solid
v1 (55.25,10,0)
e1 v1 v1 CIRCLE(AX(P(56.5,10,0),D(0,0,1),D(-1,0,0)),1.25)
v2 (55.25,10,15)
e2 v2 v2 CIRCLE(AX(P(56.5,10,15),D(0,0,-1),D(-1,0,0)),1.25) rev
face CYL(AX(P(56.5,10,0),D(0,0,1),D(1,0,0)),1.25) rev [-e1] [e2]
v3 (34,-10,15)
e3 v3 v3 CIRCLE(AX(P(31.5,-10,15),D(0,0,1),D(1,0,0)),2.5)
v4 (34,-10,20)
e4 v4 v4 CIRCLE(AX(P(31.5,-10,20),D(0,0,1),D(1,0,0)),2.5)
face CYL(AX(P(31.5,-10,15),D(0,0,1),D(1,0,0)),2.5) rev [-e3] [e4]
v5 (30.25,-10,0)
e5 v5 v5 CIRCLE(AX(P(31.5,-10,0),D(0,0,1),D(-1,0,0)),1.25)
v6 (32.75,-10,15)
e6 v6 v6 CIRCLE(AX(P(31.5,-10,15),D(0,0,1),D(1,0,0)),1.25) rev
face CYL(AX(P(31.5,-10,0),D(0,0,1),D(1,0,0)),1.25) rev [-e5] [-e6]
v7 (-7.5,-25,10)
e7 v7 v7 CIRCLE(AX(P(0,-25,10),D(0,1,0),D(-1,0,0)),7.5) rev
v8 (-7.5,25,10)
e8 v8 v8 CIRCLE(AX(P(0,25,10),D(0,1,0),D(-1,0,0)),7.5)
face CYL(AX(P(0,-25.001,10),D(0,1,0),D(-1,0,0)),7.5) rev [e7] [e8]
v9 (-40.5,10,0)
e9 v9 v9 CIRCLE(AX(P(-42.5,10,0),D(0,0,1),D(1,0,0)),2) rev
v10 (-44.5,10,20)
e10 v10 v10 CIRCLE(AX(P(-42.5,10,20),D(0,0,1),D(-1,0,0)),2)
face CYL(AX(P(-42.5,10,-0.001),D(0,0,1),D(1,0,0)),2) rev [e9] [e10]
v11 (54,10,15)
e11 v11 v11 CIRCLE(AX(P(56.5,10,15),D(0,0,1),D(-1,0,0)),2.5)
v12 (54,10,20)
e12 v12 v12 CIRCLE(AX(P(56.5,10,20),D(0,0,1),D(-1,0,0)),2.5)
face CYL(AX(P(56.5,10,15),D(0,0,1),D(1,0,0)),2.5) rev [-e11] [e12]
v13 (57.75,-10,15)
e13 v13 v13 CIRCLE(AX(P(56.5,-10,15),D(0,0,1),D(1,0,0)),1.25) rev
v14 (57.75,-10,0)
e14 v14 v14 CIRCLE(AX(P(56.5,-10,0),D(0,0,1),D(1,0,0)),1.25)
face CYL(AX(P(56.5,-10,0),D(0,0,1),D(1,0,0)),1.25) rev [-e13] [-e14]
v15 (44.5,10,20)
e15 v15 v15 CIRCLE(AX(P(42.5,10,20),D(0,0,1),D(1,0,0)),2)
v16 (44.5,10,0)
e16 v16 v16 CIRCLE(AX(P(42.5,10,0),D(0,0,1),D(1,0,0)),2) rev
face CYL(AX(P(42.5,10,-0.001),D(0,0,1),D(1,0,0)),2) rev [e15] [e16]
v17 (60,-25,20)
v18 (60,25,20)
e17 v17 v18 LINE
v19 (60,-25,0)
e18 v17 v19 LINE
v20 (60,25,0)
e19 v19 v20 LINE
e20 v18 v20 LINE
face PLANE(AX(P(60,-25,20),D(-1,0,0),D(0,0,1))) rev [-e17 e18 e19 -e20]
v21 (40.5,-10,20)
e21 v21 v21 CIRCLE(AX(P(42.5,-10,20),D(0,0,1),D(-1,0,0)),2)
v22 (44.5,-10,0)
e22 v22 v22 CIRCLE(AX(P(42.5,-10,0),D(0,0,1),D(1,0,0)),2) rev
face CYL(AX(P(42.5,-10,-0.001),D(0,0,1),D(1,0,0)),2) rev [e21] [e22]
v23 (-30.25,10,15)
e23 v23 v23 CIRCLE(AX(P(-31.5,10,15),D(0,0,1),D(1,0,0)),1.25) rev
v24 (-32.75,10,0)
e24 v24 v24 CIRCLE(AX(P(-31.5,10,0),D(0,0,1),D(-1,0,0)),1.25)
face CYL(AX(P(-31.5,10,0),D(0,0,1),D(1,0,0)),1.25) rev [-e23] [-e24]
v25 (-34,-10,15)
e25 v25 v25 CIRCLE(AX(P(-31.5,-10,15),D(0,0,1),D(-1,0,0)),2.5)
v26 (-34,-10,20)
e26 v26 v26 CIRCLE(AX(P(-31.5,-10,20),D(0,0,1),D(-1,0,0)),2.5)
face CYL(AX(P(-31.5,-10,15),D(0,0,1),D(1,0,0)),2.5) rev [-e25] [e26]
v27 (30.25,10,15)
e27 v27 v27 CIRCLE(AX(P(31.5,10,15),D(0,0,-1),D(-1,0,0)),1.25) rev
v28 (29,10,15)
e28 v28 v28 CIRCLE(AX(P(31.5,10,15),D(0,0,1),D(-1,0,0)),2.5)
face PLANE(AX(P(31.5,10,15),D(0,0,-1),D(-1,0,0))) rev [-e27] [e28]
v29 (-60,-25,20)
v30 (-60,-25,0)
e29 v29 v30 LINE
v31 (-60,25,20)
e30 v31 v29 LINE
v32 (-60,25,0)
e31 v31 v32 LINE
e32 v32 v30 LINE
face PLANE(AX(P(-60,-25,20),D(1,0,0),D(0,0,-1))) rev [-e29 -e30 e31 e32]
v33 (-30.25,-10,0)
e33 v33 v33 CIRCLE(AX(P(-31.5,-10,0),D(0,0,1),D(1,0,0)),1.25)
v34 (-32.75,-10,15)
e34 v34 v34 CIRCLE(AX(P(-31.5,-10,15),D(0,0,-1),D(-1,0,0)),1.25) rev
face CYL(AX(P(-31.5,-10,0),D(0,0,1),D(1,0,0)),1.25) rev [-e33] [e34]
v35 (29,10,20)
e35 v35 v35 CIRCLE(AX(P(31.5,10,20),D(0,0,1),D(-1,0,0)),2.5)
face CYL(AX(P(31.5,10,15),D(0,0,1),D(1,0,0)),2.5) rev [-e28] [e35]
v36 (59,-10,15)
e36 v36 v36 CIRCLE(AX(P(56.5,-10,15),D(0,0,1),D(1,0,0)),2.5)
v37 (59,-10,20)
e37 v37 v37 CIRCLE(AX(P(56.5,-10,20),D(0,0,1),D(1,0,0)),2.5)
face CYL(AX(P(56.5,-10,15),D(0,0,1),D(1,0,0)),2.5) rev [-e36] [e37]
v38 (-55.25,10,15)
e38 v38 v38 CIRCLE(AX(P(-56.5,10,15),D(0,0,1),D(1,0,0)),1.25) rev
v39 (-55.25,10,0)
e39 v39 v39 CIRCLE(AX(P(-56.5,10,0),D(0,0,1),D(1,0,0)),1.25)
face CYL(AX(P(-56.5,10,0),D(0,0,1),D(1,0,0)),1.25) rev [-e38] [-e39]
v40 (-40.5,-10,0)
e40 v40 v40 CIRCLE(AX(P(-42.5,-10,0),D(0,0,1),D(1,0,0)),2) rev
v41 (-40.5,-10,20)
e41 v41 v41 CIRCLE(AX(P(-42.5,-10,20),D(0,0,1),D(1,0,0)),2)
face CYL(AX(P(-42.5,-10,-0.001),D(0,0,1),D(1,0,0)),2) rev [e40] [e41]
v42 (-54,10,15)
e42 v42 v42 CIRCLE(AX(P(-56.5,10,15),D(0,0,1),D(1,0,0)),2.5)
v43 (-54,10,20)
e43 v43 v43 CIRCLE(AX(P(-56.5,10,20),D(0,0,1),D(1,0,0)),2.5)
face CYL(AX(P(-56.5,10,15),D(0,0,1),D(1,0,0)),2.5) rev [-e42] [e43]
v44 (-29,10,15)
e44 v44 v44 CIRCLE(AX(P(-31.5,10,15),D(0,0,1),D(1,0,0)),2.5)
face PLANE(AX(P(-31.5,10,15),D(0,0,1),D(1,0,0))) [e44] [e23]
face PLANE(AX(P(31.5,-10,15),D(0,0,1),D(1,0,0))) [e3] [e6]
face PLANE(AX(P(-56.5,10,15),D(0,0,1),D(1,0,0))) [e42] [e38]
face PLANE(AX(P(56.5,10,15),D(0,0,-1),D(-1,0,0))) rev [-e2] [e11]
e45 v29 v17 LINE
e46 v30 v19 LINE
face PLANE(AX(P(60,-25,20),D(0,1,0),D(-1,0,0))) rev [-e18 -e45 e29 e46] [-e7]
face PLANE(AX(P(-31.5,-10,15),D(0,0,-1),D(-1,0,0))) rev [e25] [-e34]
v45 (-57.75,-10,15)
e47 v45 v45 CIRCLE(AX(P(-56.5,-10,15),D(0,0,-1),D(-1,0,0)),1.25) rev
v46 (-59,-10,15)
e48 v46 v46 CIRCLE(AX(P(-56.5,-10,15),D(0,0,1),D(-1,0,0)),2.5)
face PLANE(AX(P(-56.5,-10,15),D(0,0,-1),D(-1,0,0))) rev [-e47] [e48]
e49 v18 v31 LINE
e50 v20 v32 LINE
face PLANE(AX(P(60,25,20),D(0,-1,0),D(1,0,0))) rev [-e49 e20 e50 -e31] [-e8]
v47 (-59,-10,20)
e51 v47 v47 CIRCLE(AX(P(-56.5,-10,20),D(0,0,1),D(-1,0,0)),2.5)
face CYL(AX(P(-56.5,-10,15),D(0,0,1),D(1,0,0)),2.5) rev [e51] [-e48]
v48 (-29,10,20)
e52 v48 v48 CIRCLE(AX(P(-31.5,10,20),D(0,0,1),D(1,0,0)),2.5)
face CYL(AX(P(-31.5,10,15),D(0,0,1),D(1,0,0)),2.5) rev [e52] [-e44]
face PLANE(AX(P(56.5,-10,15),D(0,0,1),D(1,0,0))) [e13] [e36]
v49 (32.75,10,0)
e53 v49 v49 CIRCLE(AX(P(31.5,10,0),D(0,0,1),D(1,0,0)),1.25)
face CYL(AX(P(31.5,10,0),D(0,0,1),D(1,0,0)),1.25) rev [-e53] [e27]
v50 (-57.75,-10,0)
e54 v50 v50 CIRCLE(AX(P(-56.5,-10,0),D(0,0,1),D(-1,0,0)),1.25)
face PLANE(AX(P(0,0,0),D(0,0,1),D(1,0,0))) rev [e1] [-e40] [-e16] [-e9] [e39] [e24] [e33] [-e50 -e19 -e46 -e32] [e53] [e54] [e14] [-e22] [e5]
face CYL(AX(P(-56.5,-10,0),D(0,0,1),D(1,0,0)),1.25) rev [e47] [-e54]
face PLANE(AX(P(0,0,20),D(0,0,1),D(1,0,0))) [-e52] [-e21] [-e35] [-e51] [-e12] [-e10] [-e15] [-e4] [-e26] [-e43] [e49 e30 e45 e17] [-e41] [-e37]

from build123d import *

# Parameters (mm, degrees)
SKETCH1_W               = 120
SKETCH1_H               = 50
BOSS_EXTRUDE1_DEPTH     = 20
CUT_EXTRUDE1_DEPTH      = 69.007352544
CUT_EXTRUDE1_DEPTH_BACK = 69.007352544
SKETCH2_R               = 1.25
SKETCH3_R               = 2.5
CUT_EXTRUDE2_DEPTH      = 5
CUT_EXTRUDE3_REACH      = 82.623
SKETCH4_R               = 7.5
CUT_EXTRUDE4_REACH      = 70.007
SKETCH5_R               = 2


with BuildPart() as part:
    # Sketch1 → Boss-Extrude1 (new body)
    with BuildSketch(Plane.XY):
        Rectangle(SKETCH1_W, SKETCH1_H)
    extrude(amount=BOSS_EXTRUDE1_DEPTH)

    # Sketch2 → Cut-Extrude1 (cut, two sides: drawn at the far end of the back side and taken through both)
    with BuildSketch(Plane.XY.offset(20).offset(-CUT_EXTRUDE1_DEPTH_BACK)):
        with Locations((-56.5, 10)):
            Circle(SKETCH2_R)
        with Locations((-31.5, 10)):
            Circle(SKETCH2_R)
        with Locations((-56.5, -10)):
            Circle(SKETCH2_R)
        with Locations((-31.5, -10)):
            Circle(SKETCH2_R)
        with Locations((56.5, -10)):
            Circle(SKETCH2_R)
        with Locations((31.5, -10)):
            Circle(SKETCH2_R)
        with Locations((31.5, 10)):
            Circle(SKETCH2_R)
        with Locations((56.5, 10)):
            Circle(SKETCH2_R)
    extrude(amount=CUT_EXTRUDE1_DEPTH + CUT_EXTRUDE1_DEPTH_BACK, mode=Mode.SUBTRACT)

    # Sketch3 → Cut-Extrude2 (cut)
    with BuildSketch(Plane.XY.offset(20)):
        with Locations((-56.5, 10)):
            Circle(SKETCH3_R)
        with Locations((-31.5, 10)):
            Circle(SKETCH3_R)
        with Locations(Location((-56.5, -10, 0), (0, 0, 180))):
            Circle(SKETCH3_R)
        with Locations(Location((-31.5, -10, 0), (0, 0, 180))):
            Circle(SKETCH3_R)
        with Locations(Location((56.5, 10, 0), (0, 0, 180))):
            Circle(SKETCH3_R)
        with Locations(Location((31.5, 10, 0), (0, 0, 180))):
            Circle(SKETCH3_R)
        with Locations((31.5, -10)):
            Circle(SKETCH3_R)
        with Locations((56.5, -10)):
            Circle(SKETCH3_R)
    extrude(amount=-CUT_EXTRUDE2_DEPTH, mode=Mode.SUBTRACT)

    # Sketch4 → Cut-Extrude3 (cut, up to next)
    with BuildSketch(Plane(origin=(0, 25, 0), x_dir=(1, 0, 0), z_dir=(0, 1, 0)), mode=Mode.PRIVATE) as cut_extrude3_sk1:
        with Locations(Location((0, -10, 0), (0, 0, 180))):
            Circle(SKETCH4_R)
    cut_extrude3_tool1 = extrude(cut_extrude3_sk1.sketch, amount=-CUT_EXTRUDE3_REACH, mode=Mode.PRIVATE) & part.part
    add(cut_extrude3_tool1.solids().sort_by_distance((0, 25, 10))[0], mode=Mode.SUBTRACT)

    # Sketch5 → Cut-Extrude4 (cut, up to next)
    with BuildSketch(Plane.XY.offset(20), mode=Mode.PRIVATE) as cut_extrude4_sk1:
        with Locations((42.5, 10)):
            Circle(SKETCH5_R)
    cut_extrude4_tool1 = extrude(cut_extrude4_sk1.sketch, amount=-CUT_EXTRUDE4_REACH, mode=Mode.PRIVATE) & part.part
    # Sketch5 → Cut-Extrude4 (cut, up to next)
    with BuildSketch(Plane.XY.offset(20), mode=Mode.PRIVATE) as cut_extrude4_sk2:
        with Locations((42.5, -10)):
            Circle(SKETCH5_R)
    cut_extrude4_tool2 = extrude(cut_extrude4_sk2.sketch, amount=-CUT_EXTRUDE4_REACH, mode=Mode.PRIVATE) & part.part
    # Sketch5 → Cut-Extrude4 (cut, up to next)
    with BuildSketch(Plane.XY.offset(20), mode=Mode.PRIVATE) as cut_extrude4_sk3:
        with Locations((-42.5, -10)):
            Circle(SKETCH5_R)
    cut_extrude4_tool3 = extrude(cut_extrude4_sk3.sketch, amount=-CUT_EXTRUDE4_REACH, mode=Mode.PRIVATE) & part.part
    # Sketch5 → Cut-Extrude4 (cut, up to next)
    with BuildSketch(Plane.XY.offset(20), mode=Mode.PRIVATE) as cut_extrude4_sk4:
        with Locations((-42.5, 10)):
            Circle(SKETCH5_R)
    cut_extrude4_tool4 = extrude(cut_extrude4_sk4.sketch, amount=-CUT_EXTRUDE4_REACH, mode=Mode.PRIVATE) & part.part
    add(cut_extrude4_tool1.solids().sort_by_distance((42.5, 10, 20))[0], mode=Mode.SUBTRACT)
    add(cut_extrude4_tool2.solids().sort_by_distance((42.5, -10, 20))[0], mode=Mode.SUBTRACT)
    add(cut_extrude4_tool3.solids().sort_by_distance((-42.5, -10, 20))[0], mode=Mode.SUBTRACT)
    add(cut_extrude4_tool4.solids().sort_by_distance((-42.5, 10, 20))[0], mode=Mode.SUBTRACT)


solid = part.part
